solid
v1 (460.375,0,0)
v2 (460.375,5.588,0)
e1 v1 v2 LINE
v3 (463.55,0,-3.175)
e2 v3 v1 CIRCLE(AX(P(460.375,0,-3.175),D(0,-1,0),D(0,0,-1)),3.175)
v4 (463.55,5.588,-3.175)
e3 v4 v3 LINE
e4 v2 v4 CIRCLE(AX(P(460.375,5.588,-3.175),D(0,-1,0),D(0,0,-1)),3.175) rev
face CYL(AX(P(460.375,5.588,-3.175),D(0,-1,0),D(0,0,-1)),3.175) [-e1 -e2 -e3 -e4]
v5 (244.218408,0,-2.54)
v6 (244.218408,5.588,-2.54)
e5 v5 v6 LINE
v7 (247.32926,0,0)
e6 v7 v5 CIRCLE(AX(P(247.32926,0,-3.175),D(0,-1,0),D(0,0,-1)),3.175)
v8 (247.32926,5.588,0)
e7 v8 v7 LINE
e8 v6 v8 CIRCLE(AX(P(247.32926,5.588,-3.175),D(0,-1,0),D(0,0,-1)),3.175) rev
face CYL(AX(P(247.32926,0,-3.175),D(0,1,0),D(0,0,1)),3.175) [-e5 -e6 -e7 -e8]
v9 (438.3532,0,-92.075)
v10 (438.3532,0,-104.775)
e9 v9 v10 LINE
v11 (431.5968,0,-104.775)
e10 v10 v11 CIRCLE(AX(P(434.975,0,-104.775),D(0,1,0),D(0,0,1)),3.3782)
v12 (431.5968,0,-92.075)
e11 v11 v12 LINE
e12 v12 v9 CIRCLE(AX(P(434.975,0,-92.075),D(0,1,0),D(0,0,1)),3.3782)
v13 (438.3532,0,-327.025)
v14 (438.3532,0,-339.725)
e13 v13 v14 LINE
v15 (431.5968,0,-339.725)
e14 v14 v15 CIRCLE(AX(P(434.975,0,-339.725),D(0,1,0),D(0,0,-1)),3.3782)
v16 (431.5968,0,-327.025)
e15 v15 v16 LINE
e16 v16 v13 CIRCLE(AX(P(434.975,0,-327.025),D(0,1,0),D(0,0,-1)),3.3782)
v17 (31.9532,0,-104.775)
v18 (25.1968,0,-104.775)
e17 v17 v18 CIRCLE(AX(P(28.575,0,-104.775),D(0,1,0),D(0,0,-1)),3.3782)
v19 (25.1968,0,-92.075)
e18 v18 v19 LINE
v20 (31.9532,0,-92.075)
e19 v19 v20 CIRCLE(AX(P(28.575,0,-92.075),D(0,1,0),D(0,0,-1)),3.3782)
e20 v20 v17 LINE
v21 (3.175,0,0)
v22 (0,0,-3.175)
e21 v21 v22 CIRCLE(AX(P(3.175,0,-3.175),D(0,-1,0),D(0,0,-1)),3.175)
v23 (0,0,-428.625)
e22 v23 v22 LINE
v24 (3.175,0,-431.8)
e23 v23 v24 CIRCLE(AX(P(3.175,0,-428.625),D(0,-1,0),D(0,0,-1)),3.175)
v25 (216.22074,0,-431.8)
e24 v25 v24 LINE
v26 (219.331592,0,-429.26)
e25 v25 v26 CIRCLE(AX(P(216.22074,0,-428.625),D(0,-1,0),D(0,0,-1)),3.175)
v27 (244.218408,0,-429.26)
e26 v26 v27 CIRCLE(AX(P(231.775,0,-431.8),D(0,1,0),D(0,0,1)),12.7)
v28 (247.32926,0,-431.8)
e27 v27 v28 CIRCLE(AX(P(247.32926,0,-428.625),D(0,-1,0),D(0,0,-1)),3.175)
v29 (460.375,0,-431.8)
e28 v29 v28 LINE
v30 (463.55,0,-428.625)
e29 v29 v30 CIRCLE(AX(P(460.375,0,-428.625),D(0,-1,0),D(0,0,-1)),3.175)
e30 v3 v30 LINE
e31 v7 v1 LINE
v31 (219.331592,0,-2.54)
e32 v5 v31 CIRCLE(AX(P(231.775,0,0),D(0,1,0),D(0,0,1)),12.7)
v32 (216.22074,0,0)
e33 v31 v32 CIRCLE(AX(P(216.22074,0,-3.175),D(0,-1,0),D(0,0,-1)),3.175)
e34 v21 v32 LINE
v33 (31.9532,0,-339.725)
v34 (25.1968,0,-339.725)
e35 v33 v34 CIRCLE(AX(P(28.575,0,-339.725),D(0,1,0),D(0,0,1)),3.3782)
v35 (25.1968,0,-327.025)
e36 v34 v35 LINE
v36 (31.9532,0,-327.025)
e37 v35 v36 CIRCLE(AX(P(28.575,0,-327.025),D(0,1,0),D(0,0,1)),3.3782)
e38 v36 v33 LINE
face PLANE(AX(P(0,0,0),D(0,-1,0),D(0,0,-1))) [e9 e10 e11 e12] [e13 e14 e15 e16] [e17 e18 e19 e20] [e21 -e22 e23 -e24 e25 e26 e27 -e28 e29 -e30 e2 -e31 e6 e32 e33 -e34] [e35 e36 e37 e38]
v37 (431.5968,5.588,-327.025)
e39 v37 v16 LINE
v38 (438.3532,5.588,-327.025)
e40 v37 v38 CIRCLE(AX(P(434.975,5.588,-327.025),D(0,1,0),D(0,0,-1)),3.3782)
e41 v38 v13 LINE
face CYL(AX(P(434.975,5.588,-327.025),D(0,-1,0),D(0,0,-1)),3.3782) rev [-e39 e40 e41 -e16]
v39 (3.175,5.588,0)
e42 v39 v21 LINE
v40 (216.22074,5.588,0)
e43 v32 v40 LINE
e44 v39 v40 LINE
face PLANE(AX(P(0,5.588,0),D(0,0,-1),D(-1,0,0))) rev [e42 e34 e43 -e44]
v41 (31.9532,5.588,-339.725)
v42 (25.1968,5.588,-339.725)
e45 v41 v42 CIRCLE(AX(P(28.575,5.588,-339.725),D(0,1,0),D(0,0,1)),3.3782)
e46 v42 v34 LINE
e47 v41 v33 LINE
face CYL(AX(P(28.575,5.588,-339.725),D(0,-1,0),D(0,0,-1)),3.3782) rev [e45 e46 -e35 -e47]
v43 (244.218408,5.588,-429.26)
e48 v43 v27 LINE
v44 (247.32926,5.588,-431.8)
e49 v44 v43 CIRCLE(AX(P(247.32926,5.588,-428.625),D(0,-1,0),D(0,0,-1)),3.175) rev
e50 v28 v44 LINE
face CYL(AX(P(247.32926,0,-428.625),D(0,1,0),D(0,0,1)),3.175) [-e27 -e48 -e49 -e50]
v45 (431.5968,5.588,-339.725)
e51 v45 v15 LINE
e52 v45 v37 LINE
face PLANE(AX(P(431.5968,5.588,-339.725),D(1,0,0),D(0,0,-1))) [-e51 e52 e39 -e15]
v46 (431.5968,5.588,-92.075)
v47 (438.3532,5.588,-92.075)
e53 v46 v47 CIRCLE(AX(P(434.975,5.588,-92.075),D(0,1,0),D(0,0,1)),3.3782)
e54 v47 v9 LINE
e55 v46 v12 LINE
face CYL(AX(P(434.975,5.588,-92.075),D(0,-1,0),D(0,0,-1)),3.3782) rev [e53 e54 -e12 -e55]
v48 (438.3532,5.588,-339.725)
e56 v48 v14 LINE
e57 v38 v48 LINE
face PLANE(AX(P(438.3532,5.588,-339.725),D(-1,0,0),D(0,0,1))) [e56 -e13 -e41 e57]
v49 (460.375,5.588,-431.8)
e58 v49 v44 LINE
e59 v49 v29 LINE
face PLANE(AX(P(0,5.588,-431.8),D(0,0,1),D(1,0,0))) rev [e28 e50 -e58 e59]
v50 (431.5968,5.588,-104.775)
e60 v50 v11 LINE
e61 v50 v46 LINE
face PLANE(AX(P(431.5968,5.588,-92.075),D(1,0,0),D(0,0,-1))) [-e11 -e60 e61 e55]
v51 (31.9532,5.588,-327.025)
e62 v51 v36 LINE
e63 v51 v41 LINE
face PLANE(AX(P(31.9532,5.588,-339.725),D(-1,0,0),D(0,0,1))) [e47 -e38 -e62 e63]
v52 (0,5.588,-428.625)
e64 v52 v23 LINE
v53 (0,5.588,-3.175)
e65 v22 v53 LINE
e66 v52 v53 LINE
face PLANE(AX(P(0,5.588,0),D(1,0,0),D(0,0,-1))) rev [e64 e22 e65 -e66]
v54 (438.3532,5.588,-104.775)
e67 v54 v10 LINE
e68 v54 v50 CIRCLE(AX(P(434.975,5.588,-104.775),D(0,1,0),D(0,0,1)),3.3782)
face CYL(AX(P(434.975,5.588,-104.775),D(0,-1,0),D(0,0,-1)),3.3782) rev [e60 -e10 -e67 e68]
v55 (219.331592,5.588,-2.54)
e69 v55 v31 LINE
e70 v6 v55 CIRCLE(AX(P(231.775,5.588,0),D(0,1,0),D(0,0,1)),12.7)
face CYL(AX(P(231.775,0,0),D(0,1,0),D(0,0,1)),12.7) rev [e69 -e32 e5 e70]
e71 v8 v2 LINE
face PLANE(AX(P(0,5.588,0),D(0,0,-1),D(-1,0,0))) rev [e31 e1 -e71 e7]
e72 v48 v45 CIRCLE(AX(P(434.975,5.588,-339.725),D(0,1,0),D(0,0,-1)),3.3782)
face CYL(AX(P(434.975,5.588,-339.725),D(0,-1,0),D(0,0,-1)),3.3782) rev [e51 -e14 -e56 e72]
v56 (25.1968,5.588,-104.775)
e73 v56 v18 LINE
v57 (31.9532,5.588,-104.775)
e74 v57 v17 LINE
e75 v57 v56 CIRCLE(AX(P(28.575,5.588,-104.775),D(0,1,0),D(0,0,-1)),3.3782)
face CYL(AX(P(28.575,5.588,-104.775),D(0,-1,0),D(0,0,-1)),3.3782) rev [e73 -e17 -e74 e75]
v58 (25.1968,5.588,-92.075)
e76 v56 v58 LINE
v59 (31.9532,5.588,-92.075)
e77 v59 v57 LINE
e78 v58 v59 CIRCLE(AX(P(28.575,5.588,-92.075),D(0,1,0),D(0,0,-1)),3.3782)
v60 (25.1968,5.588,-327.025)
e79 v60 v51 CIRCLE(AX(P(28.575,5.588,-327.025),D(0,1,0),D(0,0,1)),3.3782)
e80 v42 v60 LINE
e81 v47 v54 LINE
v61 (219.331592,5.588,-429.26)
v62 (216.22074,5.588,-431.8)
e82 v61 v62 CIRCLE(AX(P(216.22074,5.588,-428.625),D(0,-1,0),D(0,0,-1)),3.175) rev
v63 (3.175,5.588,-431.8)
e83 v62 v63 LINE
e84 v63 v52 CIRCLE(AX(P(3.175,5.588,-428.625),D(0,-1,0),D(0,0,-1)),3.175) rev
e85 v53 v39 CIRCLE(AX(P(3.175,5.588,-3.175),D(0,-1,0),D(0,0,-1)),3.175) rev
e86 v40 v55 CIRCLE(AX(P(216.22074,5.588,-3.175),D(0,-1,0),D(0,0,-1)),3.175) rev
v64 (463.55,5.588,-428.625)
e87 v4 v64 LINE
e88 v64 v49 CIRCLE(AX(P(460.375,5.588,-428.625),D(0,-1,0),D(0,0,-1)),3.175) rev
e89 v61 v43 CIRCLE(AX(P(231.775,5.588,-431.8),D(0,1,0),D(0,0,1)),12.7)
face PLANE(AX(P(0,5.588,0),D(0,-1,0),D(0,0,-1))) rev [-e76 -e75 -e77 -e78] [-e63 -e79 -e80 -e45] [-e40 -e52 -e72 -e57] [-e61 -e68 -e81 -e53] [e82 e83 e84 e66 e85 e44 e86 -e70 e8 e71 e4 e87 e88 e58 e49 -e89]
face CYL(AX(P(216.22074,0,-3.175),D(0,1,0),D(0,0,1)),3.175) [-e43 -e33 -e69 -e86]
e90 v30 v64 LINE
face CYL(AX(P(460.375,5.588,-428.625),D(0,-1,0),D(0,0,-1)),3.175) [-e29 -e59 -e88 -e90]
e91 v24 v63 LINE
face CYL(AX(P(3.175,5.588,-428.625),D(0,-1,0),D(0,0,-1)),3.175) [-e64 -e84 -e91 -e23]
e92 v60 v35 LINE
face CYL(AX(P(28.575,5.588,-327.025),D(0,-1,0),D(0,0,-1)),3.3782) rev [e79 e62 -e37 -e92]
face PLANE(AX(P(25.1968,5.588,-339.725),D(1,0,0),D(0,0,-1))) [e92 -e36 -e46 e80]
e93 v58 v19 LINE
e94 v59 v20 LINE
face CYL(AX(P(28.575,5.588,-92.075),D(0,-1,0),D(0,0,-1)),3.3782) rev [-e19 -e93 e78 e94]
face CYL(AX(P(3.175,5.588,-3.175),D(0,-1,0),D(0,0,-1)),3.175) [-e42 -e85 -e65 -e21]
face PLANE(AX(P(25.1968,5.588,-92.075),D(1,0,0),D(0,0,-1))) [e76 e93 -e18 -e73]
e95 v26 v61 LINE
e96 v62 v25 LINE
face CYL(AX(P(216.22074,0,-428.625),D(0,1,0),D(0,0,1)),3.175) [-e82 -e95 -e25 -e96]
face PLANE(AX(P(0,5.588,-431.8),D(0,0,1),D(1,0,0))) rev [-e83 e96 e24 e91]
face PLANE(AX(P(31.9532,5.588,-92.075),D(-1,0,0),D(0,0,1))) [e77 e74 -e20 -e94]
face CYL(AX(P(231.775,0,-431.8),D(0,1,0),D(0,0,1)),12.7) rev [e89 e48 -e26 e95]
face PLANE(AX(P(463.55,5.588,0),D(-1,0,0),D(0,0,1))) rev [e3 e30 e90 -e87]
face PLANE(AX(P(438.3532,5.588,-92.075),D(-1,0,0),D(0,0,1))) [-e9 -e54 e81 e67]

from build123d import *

# Parameters (mm, degrees)
SKETCH1_W           = 463.55
SKETCH1_H           = 431.8
BOSS_EXTRUDE1_DEPTH = 5.588
FILLET1_R           = 3.175
SKETCH2_R           = 12.7
CUT_EXTRUDE1_DEPTH  = 634.530637179
FILLET2_R           = 3.175


with BuildPart() as part:
    # Sketch1 → Boss-Extrude1 (new body)
    with BuildSketch(Plane(origin=(0, 0, 0), x_dir=(1, 0, 0), z_dir=(0, 1, 0))):
        with Locations((231.775, 215.9)):
            Rectangle(SKETCH1_W, SKETCH1_H)
        with BuildLine():
            Line((31.9532, 339.725), (31.9532, 327.025))
            ThreePointArc((31.9532, 327.025), (28.575, 323.6468), (25.1968, 327.025))
            Line((25.1968, 327.025), (25.1968, 339.725))
            ThreePointArc((25.1968, 339.725), (28.575, 343.1032), (31.9532, 339.725))
        make_face(mode=Mode.SUBTRACT)
        with BuildLine():
            Line((31.9532, 92.075), (31.9532, 104.775))
            ThreePointArc((31.9532, 104.775), (28.575, 108.1532), (25.1968, 104.775))
            Line((25.1968, 104.775), (25.1968, 92.075))
            ThreePointArc((25.1968, 92.075), (28.575, 88.6968), (31.9532, 92.075))
        make_face(mode=Mode.SUBTRACT)
        with BuildLine():
            Line((431.5968, 92.075), (431.5968, 104.775))
            ThreePointArc((431.5968, 104.775), (434.975, 108.1532), (438.3532, 104.775))
            Line((438.3532, 104.775), (438.3532, 92.075))
            ThreePointArc((438.3532, 92.075), (434.975, 88.6968), (431.5968, 92.075))
        make_face(mode=Mode.SUBTRACT)
        with BuildLine():
            Line((431.5968, 339.725), (431.5968, 327.025))
            ThreePointArc((431.5968, 327.025), (434.975, 323.6468), (438.3532, 327.025))
            Line((438.3532, 327.025), (438.3532, 339.725))
            ThreePointArc((438.3532, 339.725), (434.975, 343.1032), (431.5968, 339.725))
        make_face(mode=Mode.SUBTRACT)
    extrude(amount=BOSS_EXTRUDE1_DEPTH)

    # Fillet1
    fillet1_edges = [part.edges().sort_by_distance(p)[0] for p in [
        (0, 2.794, -431.8),
        (463.55, 2.794, -431.8),
        (463.55, 2.794, 0),
        (0, 2.794, 0),
    ]]
    fillet(fillet1_edges, radius=FILLET1_R)

    # Sketch2 → Cut-Extrude1 (cut, through all)
    with BuildSketch(Plane(origin=(0, 5.588, 0), x_dir=(1, 0, 0), z_dir=(0, 1, 0))):
        with Locations((231.775, 431.8)):
            Circle(SKETCH2_R)
        with Locations((231.775, 0)):
            Circle(SKETCH2_R)
    extrude(amount=-CUT_EXTRUDE1_DEPTH, mode=Mode.SUBTRACT)

    # Fillet2
    fillet2_edges = [part.edges().sort_by_distance(p)[0] for p in [
        (244.475, 2.794, 0),
        (219.075, 2.794, 0),
        (219.075, 2.794, -431.8),
        (244.475, 2.794, -431.8),
    ]]
    fillet(fillet2_edges, radius=FILLET2_R)


solid = part.part
